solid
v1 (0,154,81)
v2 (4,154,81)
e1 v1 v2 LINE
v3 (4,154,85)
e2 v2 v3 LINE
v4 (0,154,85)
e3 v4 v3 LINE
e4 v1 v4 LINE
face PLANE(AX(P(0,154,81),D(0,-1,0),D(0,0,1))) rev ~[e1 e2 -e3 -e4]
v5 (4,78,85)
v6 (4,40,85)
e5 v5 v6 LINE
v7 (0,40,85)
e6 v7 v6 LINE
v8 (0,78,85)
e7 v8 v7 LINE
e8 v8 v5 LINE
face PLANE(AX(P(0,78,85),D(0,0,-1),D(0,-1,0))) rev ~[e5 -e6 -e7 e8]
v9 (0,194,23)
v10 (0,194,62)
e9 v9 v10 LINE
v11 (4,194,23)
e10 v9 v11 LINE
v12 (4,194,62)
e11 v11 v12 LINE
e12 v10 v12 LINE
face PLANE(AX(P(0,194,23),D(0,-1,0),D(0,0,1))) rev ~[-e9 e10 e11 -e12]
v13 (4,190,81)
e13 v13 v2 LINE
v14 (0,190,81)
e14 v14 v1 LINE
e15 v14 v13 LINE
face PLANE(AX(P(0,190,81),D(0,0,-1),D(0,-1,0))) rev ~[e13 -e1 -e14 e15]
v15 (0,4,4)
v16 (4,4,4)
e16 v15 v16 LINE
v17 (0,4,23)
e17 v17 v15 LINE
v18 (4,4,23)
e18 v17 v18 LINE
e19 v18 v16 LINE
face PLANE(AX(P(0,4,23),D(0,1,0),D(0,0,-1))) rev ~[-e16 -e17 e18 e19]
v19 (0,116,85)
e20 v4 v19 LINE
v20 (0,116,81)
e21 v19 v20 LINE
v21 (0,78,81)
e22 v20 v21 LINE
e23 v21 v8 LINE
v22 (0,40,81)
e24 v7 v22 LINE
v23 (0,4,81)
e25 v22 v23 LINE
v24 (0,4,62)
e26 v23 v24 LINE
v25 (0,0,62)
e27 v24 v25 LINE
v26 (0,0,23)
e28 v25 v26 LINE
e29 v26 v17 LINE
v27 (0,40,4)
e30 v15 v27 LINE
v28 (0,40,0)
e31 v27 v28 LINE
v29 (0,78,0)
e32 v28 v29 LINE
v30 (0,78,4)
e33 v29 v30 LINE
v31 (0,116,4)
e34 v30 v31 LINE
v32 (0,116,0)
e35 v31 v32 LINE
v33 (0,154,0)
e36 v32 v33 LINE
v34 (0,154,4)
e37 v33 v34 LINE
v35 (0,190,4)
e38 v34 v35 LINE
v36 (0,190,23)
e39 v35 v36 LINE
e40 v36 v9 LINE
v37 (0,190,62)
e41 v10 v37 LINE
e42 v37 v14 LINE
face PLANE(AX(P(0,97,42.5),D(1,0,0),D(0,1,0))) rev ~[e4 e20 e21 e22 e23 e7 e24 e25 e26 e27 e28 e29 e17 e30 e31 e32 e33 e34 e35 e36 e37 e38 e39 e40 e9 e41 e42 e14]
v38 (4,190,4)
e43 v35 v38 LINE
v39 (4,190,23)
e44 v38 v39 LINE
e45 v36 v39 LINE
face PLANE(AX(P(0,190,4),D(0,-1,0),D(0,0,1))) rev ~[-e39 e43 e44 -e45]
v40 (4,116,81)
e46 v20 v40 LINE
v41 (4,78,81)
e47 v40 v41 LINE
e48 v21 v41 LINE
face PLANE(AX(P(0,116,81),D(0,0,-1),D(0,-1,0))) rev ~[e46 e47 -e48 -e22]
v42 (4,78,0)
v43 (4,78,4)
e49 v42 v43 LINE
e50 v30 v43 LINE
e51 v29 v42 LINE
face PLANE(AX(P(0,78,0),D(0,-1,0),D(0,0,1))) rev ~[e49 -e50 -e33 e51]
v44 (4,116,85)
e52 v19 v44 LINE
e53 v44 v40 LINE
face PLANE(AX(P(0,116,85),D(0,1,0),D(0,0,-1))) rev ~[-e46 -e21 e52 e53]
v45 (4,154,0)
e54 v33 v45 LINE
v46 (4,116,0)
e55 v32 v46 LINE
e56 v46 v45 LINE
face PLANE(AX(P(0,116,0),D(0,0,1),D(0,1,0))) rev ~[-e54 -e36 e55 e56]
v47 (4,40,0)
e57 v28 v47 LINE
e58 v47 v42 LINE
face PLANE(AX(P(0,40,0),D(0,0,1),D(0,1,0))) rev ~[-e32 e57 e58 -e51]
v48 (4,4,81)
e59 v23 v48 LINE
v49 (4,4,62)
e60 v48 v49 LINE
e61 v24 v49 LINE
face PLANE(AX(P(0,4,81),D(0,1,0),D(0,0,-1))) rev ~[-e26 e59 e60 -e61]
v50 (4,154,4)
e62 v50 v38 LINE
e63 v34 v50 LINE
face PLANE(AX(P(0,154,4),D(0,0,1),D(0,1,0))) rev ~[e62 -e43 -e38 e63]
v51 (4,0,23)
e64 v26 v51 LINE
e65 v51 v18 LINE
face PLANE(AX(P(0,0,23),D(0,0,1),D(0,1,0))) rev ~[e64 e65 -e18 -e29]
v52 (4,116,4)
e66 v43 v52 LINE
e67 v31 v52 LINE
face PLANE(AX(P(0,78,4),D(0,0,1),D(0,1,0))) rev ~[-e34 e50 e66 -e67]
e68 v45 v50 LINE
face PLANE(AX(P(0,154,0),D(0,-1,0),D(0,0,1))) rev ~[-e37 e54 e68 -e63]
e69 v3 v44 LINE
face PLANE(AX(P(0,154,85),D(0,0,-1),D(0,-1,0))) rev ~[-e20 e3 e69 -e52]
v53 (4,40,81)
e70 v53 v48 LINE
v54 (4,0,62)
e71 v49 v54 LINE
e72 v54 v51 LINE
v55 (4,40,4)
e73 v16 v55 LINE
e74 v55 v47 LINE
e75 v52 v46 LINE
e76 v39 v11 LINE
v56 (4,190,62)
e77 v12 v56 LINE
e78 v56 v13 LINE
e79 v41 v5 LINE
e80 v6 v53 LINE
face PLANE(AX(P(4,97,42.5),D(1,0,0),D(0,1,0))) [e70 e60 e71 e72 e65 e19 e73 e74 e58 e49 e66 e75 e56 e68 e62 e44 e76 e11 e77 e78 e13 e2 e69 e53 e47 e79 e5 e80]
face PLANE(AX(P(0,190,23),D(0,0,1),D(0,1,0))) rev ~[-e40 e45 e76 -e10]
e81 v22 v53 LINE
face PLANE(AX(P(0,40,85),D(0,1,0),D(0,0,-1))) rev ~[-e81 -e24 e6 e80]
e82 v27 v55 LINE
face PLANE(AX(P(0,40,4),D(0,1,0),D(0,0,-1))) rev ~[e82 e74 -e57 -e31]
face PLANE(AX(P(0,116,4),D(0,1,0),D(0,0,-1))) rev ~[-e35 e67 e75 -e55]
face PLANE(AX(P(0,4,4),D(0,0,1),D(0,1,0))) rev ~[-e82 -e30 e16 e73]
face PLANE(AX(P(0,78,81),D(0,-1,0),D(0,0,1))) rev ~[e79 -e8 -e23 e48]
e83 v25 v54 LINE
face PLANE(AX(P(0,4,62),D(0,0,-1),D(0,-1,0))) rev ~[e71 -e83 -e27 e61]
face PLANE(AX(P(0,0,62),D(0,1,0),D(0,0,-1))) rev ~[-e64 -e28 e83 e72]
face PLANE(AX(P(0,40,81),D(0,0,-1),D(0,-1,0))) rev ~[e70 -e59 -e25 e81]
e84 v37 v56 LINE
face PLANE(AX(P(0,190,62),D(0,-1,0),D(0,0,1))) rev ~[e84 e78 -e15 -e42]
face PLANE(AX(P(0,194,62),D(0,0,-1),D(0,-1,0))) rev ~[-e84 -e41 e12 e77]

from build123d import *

# Parameters (mm, degrees)
F1_DEPTH = 4


with BuildPart() as f1:
    # F0 (on Right) → F1 (new body)
    with BuildSketch(Plane.YZ):
        Polygon((40, 4), (40, 0), (78, 0), (78, 4), (116, 4), (116, 0), (154, 0), (154, 4), (190, 4), (190, 23), (194, 23), (194, 62), (190, 62), (190, 81), (154, 81), (154, 85), (116, 85), (116, 81), (78, 81), (78, 85), (40, 85), (40, 81), (4, 81), (4, 62), (0, 62), (0, 23), (4, 23), (4, 4), align=None)
    extrude(amount=F1_DEPTH)


solid = f1.part
